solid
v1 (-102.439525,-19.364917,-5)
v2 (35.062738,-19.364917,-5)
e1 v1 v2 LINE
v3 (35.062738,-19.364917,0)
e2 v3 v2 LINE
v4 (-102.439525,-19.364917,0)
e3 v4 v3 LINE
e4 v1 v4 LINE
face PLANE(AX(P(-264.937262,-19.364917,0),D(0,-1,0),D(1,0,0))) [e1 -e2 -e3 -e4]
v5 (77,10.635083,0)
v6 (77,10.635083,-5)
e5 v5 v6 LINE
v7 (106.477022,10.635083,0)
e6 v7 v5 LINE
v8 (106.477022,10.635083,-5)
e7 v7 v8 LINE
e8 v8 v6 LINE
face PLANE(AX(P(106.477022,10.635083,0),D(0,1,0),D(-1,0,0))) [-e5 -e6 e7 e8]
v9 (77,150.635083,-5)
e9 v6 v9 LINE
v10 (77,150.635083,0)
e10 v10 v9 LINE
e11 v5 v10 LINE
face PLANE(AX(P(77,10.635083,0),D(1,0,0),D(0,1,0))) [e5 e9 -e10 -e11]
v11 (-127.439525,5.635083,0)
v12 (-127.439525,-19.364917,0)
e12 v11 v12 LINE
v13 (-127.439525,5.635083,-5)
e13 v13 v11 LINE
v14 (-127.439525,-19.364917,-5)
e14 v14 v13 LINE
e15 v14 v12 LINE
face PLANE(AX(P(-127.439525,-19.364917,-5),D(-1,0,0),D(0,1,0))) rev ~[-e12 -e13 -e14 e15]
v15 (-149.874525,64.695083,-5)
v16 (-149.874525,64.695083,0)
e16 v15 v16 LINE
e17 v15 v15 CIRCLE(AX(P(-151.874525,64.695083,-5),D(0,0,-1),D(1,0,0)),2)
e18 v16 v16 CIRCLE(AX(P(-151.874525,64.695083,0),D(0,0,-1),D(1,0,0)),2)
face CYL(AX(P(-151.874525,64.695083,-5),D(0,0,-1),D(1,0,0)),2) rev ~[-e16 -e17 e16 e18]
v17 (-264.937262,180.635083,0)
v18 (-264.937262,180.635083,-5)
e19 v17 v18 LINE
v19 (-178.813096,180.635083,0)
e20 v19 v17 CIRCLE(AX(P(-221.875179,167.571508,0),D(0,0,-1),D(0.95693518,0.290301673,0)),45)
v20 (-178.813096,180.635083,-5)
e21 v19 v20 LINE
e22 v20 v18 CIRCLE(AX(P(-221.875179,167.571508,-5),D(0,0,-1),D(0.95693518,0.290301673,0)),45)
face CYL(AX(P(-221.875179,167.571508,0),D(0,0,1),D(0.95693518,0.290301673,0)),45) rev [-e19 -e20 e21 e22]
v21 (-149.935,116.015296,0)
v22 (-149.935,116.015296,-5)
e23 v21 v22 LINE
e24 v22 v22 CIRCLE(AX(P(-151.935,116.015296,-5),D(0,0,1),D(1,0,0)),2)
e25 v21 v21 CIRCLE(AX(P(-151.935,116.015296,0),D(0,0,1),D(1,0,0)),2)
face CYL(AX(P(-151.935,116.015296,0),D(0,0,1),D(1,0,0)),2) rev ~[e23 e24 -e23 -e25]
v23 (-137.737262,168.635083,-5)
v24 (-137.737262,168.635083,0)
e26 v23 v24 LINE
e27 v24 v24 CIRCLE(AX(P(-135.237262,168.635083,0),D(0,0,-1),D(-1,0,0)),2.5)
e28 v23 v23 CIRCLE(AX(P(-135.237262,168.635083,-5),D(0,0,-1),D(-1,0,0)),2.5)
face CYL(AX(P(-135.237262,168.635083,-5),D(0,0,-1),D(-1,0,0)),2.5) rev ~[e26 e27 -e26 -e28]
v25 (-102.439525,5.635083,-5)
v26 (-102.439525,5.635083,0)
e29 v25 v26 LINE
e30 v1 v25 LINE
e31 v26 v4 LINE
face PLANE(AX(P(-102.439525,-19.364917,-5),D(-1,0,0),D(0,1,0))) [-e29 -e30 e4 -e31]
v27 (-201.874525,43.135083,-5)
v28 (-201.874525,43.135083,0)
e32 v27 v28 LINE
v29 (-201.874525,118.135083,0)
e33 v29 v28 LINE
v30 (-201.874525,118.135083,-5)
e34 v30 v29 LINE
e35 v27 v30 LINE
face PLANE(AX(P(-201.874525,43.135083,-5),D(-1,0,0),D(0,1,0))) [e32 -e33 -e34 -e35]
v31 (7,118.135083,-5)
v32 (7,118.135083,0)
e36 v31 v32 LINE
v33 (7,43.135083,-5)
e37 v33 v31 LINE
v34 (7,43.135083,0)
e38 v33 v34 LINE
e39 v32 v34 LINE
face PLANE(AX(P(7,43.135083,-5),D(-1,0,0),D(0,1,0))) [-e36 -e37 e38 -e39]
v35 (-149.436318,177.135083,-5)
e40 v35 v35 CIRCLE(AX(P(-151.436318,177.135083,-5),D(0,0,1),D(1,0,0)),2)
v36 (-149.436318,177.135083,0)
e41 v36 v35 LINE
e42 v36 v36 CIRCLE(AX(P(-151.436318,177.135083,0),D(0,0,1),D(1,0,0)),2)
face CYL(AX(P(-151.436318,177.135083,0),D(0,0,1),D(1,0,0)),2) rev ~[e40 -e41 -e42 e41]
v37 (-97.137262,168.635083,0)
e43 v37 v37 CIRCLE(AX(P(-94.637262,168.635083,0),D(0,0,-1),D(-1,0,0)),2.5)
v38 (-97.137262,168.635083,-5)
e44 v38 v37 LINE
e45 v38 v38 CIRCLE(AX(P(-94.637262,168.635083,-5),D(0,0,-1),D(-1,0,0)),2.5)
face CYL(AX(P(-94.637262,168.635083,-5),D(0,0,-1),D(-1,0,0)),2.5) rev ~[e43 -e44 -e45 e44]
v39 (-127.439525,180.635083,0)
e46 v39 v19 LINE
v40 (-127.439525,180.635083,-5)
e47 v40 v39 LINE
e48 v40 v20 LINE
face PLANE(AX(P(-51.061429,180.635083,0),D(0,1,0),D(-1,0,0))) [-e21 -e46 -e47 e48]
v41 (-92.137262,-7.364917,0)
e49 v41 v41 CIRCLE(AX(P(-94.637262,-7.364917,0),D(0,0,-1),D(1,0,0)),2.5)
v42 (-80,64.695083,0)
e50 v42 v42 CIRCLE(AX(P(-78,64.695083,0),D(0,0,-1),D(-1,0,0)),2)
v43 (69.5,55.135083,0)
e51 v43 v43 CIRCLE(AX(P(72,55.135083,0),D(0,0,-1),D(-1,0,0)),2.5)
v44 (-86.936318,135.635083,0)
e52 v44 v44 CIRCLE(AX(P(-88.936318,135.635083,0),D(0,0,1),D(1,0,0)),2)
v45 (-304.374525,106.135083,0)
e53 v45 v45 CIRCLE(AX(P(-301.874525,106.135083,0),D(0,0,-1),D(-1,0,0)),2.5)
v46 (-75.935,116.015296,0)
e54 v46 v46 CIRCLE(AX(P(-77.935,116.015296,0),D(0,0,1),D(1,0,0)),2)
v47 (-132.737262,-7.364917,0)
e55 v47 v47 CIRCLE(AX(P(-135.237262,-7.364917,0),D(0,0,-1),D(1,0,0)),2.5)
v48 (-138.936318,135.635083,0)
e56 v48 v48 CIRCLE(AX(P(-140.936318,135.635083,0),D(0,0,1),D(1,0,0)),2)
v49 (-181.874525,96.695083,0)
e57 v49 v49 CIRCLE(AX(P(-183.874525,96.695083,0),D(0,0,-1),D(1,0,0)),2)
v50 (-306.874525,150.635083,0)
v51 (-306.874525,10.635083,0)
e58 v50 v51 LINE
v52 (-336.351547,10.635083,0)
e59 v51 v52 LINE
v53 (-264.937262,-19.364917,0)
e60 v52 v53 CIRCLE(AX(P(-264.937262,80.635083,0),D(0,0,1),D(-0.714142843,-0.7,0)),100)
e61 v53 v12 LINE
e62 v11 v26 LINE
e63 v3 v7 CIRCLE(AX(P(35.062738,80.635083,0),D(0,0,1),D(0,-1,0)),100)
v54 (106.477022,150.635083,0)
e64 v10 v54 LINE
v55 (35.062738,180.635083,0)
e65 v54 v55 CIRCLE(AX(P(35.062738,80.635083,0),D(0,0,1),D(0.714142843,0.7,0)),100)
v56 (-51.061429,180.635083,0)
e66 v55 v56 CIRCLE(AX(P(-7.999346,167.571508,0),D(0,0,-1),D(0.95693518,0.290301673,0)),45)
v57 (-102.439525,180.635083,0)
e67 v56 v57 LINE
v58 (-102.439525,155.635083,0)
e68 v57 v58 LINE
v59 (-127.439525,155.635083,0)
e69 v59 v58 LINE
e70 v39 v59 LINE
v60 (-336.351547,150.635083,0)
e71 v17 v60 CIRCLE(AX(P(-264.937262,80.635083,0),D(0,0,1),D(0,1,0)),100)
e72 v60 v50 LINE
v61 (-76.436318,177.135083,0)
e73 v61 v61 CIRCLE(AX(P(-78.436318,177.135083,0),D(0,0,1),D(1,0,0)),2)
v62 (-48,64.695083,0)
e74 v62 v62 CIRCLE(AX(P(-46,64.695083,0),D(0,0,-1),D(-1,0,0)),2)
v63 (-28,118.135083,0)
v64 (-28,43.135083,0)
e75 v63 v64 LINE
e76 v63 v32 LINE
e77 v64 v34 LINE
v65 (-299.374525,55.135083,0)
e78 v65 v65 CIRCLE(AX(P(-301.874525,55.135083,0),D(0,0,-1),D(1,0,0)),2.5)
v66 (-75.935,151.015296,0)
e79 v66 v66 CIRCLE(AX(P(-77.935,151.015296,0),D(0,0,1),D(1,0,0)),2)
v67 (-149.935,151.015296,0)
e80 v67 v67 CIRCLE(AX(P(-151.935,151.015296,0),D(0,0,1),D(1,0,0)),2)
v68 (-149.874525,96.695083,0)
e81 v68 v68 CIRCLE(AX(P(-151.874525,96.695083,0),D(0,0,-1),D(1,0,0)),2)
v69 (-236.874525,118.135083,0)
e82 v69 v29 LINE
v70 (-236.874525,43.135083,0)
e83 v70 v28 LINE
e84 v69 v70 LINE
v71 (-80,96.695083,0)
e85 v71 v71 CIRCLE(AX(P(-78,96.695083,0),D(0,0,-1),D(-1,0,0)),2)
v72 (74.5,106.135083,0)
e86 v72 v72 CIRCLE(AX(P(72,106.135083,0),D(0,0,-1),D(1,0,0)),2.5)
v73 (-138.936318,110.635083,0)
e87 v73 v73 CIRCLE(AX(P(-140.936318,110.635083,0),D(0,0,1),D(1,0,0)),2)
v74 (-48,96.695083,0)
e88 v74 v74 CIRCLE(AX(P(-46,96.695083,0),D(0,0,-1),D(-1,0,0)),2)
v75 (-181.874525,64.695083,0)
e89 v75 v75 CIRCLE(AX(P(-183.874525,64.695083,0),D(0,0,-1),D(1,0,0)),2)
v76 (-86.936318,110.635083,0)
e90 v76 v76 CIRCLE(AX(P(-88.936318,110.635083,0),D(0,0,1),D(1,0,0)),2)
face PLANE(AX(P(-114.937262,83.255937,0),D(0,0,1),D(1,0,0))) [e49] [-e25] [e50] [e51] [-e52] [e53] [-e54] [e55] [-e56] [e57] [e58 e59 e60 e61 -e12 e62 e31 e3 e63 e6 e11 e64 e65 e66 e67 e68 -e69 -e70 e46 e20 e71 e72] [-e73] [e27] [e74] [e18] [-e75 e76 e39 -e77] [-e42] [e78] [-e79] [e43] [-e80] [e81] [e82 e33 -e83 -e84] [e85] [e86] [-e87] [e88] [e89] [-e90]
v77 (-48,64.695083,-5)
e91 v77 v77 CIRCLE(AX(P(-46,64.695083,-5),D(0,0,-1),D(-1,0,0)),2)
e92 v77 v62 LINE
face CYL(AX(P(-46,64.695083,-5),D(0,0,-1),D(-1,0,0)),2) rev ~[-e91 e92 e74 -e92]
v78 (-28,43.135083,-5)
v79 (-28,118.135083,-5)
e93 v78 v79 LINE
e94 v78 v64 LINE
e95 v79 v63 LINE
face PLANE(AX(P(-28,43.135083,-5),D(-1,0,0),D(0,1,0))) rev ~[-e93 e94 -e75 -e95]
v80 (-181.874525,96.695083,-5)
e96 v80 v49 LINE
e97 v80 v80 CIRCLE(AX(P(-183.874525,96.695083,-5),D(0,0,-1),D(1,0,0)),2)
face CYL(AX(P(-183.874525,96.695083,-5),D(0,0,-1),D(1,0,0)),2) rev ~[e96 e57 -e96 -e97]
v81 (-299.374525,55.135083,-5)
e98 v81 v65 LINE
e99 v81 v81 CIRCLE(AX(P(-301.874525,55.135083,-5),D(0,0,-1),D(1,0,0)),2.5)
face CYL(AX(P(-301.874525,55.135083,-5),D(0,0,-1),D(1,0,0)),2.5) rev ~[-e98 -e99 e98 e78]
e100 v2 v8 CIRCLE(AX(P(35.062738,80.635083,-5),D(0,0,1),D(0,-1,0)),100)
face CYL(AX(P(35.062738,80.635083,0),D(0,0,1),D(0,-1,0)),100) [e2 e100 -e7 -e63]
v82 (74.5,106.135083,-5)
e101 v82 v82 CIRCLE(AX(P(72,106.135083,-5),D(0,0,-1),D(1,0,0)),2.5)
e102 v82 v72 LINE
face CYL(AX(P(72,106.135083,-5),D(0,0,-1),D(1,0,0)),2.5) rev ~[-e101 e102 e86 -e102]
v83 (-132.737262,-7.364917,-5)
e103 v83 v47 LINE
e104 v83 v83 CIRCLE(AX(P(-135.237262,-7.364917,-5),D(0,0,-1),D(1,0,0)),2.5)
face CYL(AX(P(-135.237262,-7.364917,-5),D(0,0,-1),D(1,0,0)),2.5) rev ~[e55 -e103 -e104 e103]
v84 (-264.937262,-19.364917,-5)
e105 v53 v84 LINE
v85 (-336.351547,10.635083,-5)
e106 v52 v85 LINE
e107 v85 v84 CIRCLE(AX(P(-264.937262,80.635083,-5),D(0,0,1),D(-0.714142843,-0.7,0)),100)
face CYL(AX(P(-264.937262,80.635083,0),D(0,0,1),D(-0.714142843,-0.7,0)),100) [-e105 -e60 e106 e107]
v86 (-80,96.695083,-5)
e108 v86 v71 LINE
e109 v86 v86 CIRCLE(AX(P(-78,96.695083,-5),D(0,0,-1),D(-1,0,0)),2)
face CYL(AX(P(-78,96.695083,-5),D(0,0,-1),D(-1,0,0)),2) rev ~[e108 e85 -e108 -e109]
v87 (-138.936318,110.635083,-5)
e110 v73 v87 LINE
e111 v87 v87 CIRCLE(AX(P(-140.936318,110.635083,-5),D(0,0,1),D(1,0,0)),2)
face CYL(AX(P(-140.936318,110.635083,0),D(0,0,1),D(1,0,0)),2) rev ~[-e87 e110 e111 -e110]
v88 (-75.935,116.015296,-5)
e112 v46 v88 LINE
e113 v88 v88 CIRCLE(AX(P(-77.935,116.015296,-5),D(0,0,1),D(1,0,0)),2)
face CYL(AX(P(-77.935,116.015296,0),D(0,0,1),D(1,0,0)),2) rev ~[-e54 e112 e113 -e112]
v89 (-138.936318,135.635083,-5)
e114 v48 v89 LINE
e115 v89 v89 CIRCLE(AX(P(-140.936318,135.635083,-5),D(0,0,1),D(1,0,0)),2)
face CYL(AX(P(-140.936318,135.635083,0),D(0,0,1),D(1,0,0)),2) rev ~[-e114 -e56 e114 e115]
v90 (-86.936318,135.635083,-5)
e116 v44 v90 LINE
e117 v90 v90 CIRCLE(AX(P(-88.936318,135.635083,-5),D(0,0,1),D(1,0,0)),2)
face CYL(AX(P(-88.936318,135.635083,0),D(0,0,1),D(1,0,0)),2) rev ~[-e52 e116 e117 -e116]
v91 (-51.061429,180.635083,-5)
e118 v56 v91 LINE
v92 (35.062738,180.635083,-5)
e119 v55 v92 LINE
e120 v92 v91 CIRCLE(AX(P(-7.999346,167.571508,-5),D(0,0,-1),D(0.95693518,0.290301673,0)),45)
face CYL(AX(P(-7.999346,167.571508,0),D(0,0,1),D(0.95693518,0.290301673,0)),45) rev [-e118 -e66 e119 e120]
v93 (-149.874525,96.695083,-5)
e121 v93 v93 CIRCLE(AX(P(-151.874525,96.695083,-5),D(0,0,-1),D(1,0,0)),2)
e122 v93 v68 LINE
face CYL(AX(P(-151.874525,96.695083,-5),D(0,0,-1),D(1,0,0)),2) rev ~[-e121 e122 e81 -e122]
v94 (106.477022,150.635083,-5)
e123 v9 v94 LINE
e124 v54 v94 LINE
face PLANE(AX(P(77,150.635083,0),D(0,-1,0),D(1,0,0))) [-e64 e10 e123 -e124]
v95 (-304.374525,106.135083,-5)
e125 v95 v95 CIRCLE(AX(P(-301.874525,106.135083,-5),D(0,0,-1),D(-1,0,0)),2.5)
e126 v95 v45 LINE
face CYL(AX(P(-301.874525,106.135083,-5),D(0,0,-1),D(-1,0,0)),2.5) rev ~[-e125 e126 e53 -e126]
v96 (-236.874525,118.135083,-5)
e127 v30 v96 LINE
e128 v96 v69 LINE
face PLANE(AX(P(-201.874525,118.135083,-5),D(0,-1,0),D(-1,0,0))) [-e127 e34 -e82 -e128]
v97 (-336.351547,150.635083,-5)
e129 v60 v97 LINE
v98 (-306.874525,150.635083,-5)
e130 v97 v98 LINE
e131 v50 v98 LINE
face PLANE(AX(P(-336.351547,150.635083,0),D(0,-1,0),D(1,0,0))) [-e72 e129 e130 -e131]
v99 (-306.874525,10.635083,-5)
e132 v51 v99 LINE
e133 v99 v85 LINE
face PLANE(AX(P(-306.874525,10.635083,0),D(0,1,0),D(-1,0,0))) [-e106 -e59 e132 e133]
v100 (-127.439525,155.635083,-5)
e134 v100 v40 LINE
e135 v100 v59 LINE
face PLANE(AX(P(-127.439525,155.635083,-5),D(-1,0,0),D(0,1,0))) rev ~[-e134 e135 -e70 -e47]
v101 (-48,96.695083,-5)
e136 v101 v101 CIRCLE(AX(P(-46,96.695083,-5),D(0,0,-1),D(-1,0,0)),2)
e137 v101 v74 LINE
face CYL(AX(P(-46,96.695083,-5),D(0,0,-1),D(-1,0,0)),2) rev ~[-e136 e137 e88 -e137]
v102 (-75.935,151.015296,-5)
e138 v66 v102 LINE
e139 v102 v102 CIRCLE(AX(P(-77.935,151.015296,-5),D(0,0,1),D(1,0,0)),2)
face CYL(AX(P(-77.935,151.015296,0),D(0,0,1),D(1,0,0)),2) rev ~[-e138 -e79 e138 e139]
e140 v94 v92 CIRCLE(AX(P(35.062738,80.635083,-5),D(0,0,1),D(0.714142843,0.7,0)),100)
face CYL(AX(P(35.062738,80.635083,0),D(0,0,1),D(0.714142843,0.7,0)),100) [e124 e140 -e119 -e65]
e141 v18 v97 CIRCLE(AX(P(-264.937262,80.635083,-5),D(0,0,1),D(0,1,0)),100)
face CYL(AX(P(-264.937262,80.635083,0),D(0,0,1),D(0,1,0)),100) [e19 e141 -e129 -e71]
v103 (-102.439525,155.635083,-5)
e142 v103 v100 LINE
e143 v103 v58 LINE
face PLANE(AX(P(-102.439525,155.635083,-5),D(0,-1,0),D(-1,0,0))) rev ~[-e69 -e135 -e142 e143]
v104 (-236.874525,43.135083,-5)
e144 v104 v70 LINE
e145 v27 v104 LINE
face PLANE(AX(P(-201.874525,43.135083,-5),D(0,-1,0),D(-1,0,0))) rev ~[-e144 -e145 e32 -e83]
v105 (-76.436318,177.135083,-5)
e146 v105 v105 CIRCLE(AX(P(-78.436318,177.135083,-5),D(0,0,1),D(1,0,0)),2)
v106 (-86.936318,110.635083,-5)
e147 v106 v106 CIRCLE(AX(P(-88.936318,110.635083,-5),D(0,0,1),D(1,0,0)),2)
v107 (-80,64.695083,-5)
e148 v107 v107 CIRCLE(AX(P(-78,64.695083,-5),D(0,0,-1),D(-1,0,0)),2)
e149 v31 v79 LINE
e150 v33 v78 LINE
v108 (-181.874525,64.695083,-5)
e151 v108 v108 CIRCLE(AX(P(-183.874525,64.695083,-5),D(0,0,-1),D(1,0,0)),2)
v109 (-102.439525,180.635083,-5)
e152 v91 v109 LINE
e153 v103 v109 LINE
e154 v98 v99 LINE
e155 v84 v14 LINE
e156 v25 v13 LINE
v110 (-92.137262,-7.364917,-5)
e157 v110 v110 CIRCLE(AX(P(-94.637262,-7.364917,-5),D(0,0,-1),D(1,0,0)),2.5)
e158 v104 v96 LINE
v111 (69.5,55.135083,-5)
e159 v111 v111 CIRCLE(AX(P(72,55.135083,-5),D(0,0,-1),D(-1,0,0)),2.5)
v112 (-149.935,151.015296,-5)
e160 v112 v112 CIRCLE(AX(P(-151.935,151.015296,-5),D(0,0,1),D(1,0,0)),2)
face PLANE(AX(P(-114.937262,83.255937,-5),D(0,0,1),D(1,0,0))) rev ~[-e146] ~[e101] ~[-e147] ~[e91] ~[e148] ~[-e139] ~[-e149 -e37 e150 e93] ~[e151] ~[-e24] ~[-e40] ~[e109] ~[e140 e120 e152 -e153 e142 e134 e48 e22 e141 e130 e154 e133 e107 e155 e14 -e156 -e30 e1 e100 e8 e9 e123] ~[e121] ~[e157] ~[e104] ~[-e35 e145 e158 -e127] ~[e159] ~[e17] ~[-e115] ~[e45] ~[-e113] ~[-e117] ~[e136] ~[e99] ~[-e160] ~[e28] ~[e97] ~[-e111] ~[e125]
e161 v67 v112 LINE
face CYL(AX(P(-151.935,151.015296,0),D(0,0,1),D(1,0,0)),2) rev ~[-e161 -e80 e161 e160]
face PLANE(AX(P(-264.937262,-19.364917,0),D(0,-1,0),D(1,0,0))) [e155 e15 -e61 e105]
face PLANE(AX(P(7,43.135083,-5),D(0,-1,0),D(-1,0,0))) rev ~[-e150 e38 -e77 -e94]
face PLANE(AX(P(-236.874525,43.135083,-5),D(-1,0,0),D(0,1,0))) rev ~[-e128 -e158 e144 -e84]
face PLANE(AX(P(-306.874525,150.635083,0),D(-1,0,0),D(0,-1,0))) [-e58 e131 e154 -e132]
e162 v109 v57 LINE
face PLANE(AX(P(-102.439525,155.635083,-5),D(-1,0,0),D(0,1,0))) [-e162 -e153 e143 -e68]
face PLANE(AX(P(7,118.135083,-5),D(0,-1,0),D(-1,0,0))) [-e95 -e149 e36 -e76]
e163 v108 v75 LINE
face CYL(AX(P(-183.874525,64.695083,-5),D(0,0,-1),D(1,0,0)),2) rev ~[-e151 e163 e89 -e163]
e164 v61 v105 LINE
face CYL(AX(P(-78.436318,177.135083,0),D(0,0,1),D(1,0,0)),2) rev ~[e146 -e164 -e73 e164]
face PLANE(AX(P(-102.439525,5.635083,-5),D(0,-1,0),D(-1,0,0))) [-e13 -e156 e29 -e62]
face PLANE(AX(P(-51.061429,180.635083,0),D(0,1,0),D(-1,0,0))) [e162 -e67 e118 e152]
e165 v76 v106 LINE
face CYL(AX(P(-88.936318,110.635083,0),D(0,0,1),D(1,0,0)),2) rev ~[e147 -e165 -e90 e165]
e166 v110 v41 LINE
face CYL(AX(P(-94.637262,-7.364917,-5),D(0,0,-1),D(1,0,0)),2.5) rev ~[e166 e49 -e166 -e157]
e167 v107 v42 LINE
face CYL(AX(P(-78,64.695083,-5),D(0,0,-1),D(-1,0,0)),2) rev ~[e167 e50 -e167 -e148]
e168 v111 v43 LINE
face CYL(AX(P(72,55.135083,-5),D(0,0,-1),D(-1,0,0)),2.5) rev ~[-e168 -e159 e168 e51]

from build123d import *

# Parameters (mm, degrees)
SKETCH1_R           = 2
BOSS_EXTRUDE1_DEPTH = 5
SKETCH2_R           = 2.5
SKETCH2_W           = 35
SKETCH2_H           = 75
CUT_EXTRUDE1_DEPTH  = 10
SKETCH4_R           = 2
CUT_EXTRUDE3_DEPTH  = 10
SKETCH5_R           = 2.5
CUT_EXTRUDE4_DEPTH  = 10
SKETCH6_W           = 25
SKETCH6_H           = 25
CUT_EXTRUDE5_DEPTH  = 10


with BuildPart() as part:
    # Sketch1 → Boss-Extrude1 (new body)
    with BuildSketch(Plane.XY):
        with BuildLine():
            Line((77, 150.635083269), (106.477021815, 150.635083269))
            ThreePointArc((106.477021815, 150.635083269), (73.792570992, 172.830527842), (35.06273753, 180.635083269))
            ThreePointArc((35.06273753, 180.635083269), (-7.999345575, 122.571508006), (-51.06142868, 180.635083269))
            Line((-51.06142868, 180.635083269), (-178.81309626, 180.635083269))
            ThreePointArc((-178.81309626, 180.635083269), (-221.875179365, 122.571508006), (-264.93726247, 180.635083269))
            ThreePointArc((-264.93726247, 180.635083269), (-303.667095932, 172.830527842), (-336.351546756, 150.635083269))
            Line((-336.351546756, 150.635083269), (-306.874524941, 150.635083269))
            Line((-306.874524941, 150.635083269), (-306.874524941, 10.635083269))
            Line((-306.874524941, 10.635083269), (-336.351546756, 10.635083269))
            ThreePointArc((-336.351546756, 10.635083269), (-303.667095932, -11.560361304), (-264.93726247, -19.364916731))
            Line((-264.93726247, -19.364916731), (35.06273753, -19.364916731))
            ThreePointArc((35.06273753, -19.364916731), (73.792570992, -11.560361304), (106.477021815, 10.635083269))
            Line((106.477021815, 10.635083269), (77, 10.635083269))
            Line((77, 10.635083269), (77, 150.635083269))
        make_face()
        with Locations((-151.935, 116.015296492)):
            Circle(SKETCH1_R, mode=Mode.SUBTRACT)
        with Locations((-140.936318375, 110.635083269)):
            Circle(SKETCH1_R, mode=Mode.SUBTRACT)
        with Locations((-140.936318375, 135.635083269)):
            Circle(SKETCH1_R, mode=Mode.SUBTRACT)
        with Locations((-151.935, 151.015296492)):
            Circle(SKETCH1_R, mode=Mode.SUBTRACT)
        with Locations((-151.436318375, 177.135083269)):
            Circle(SKETCH1_R, mode=Mode.SUBTRACT)
        with Locations((-88.936318375, 110.635083269)):
            Circle(SKETCH1_R, mode=Mode.SUBTRACT)
        with Locations((-77.935, 116.015296492)):
            Circle(SKETCH1_R, mode=Mode.SUBTRACT)
        with Locations((-88.936318375, 135.635083269)):
            Circle(SKETCH1_R, mode=Mode.SUBTRACT)
        with Locations((-77.935, 151.015296492)):
            Circle(SKETCH1_R, mode=Mode.SUBTRACT)
        with Locations((-78.436318375, 177.135083269)):
            Circle(SKETCH1_R, mode=Mode.SUBTRACT)
    extrude(amount=-BOSS_EXTRUDE1_DEPTH)

    # Sketch2 → Cut-Extrude1 (cut)
    with BuildSketch(Plane(origin=(0, 0, -5), x_dir=(-1, 0, 0), z_dir=(0, 0, -1))):
        with Locations((301.874524941, 106.135083269)):
            Circle(SKETCH2_R)
        with Locations(Location((301.874524941, 55.135083269, 0), (0, 0, 180))):
            Circle(SKETCH2_R)
        with Locations((-72, 55.135083269)):
            Circle(SKETCH2_R)
        with Locations(Location((-72, 106.135083269, 0), (0, 0, 180))):
            Circle(SKETCH2_R)
        with Locations((219.374524941, 80.635083269)):
            Rectangle(SKETCH2_W, SKETCH2_H)
        with Locations((10.5, 80.635083269)):
            Rectangle(SKETCH2_W, SKETCH2_H)
    extrude(amount=-CUT_EXTRUDE1_DEPTH, mode=Mode.SUBTRACT)

    # Sketch4 → Cut-Extrude3 (cut)
    with BuildSketch(Plane(origin=(0, 0, -5), x_dir=(-1, 0, 0), z_dir=(0, 0, -1))):
        with Locations((46, 64.695083269)):
            Circle(SKETCH4_R)
        with Locations((46, 96.695083269)):
            Circle(SKETCH4_R)
        with Locations((78, 64.695083269)):
            Circle(SKETCH4_R)
        with Locations((78, 96.695083269)):
            Circle(SKETCH4_R)
        with Locations(Location((151.874524941, 64.695083269, 0), (0, 0, 180))):
            Circle(SKETCH4_R)
        with Locations(Location((183.874524941, 64.695083269, 0), (0, 0, 180))):
            Circle(SKETCH4_R)
        with Locations(Location((183.874524941, 96.695083269, 0), (0, 0, 180))):
            Circle(SKETCH4_R)
        with Locations(Location((151.874524941, 96.695083269, 0), (0, 0, 180))):
            Circle(SKETCH4_R)
    extrude(amount=-CUT_EXTRUDE3_DEPTH, mode=Mode.SUBTRACT)

    # Sketch5 → Cut-Extrude4 (cut)
    with BuildSketch(Plane(origin=(0, 0, -5), x_dir=(-1, 0, 0), z_dir=(0, 0, -1))):
        with Locations((94.63726247, 168.635083269)):
            Circle(SKETCH5_R)
        with Locations((135.23726247, 168.635083269)):
            Circle(SKETCH5_R)
        with Locations(Location((94.63726247, -7.364916731, 0), (0, 0, 180))):
            Circle(SKETCH5_R)
        with Locations(Location((135.23726247, -7.364916731, 0), (0, 0, 180))):
            Circle(SKETCH5_R)
    extrude(amount=-CUT_EXTRUDE4_DEPTH, mode=Mode.SUBTRACT)

    # Sketch6 → Cut-Extrude5 (cut)
    with BuildSketch(Plane(origin=(0, 0, -5), x_dir=(-1, 0, 0), z_dir=(0, 0, -1))):
        with Locations((114.939524941, -6.864916731)):
            Rectangle(SKETCH6_W, SKETCH6_H)
        with Locations((114.939524941, 168.135083269)):
            Rectangle(SKETCH6_W, SKETCH6_H)
    extrude(amount=-CUT_EXTRUDE5_DEPTH, mode=Mode.SUBTRACT)


solid = part.part
